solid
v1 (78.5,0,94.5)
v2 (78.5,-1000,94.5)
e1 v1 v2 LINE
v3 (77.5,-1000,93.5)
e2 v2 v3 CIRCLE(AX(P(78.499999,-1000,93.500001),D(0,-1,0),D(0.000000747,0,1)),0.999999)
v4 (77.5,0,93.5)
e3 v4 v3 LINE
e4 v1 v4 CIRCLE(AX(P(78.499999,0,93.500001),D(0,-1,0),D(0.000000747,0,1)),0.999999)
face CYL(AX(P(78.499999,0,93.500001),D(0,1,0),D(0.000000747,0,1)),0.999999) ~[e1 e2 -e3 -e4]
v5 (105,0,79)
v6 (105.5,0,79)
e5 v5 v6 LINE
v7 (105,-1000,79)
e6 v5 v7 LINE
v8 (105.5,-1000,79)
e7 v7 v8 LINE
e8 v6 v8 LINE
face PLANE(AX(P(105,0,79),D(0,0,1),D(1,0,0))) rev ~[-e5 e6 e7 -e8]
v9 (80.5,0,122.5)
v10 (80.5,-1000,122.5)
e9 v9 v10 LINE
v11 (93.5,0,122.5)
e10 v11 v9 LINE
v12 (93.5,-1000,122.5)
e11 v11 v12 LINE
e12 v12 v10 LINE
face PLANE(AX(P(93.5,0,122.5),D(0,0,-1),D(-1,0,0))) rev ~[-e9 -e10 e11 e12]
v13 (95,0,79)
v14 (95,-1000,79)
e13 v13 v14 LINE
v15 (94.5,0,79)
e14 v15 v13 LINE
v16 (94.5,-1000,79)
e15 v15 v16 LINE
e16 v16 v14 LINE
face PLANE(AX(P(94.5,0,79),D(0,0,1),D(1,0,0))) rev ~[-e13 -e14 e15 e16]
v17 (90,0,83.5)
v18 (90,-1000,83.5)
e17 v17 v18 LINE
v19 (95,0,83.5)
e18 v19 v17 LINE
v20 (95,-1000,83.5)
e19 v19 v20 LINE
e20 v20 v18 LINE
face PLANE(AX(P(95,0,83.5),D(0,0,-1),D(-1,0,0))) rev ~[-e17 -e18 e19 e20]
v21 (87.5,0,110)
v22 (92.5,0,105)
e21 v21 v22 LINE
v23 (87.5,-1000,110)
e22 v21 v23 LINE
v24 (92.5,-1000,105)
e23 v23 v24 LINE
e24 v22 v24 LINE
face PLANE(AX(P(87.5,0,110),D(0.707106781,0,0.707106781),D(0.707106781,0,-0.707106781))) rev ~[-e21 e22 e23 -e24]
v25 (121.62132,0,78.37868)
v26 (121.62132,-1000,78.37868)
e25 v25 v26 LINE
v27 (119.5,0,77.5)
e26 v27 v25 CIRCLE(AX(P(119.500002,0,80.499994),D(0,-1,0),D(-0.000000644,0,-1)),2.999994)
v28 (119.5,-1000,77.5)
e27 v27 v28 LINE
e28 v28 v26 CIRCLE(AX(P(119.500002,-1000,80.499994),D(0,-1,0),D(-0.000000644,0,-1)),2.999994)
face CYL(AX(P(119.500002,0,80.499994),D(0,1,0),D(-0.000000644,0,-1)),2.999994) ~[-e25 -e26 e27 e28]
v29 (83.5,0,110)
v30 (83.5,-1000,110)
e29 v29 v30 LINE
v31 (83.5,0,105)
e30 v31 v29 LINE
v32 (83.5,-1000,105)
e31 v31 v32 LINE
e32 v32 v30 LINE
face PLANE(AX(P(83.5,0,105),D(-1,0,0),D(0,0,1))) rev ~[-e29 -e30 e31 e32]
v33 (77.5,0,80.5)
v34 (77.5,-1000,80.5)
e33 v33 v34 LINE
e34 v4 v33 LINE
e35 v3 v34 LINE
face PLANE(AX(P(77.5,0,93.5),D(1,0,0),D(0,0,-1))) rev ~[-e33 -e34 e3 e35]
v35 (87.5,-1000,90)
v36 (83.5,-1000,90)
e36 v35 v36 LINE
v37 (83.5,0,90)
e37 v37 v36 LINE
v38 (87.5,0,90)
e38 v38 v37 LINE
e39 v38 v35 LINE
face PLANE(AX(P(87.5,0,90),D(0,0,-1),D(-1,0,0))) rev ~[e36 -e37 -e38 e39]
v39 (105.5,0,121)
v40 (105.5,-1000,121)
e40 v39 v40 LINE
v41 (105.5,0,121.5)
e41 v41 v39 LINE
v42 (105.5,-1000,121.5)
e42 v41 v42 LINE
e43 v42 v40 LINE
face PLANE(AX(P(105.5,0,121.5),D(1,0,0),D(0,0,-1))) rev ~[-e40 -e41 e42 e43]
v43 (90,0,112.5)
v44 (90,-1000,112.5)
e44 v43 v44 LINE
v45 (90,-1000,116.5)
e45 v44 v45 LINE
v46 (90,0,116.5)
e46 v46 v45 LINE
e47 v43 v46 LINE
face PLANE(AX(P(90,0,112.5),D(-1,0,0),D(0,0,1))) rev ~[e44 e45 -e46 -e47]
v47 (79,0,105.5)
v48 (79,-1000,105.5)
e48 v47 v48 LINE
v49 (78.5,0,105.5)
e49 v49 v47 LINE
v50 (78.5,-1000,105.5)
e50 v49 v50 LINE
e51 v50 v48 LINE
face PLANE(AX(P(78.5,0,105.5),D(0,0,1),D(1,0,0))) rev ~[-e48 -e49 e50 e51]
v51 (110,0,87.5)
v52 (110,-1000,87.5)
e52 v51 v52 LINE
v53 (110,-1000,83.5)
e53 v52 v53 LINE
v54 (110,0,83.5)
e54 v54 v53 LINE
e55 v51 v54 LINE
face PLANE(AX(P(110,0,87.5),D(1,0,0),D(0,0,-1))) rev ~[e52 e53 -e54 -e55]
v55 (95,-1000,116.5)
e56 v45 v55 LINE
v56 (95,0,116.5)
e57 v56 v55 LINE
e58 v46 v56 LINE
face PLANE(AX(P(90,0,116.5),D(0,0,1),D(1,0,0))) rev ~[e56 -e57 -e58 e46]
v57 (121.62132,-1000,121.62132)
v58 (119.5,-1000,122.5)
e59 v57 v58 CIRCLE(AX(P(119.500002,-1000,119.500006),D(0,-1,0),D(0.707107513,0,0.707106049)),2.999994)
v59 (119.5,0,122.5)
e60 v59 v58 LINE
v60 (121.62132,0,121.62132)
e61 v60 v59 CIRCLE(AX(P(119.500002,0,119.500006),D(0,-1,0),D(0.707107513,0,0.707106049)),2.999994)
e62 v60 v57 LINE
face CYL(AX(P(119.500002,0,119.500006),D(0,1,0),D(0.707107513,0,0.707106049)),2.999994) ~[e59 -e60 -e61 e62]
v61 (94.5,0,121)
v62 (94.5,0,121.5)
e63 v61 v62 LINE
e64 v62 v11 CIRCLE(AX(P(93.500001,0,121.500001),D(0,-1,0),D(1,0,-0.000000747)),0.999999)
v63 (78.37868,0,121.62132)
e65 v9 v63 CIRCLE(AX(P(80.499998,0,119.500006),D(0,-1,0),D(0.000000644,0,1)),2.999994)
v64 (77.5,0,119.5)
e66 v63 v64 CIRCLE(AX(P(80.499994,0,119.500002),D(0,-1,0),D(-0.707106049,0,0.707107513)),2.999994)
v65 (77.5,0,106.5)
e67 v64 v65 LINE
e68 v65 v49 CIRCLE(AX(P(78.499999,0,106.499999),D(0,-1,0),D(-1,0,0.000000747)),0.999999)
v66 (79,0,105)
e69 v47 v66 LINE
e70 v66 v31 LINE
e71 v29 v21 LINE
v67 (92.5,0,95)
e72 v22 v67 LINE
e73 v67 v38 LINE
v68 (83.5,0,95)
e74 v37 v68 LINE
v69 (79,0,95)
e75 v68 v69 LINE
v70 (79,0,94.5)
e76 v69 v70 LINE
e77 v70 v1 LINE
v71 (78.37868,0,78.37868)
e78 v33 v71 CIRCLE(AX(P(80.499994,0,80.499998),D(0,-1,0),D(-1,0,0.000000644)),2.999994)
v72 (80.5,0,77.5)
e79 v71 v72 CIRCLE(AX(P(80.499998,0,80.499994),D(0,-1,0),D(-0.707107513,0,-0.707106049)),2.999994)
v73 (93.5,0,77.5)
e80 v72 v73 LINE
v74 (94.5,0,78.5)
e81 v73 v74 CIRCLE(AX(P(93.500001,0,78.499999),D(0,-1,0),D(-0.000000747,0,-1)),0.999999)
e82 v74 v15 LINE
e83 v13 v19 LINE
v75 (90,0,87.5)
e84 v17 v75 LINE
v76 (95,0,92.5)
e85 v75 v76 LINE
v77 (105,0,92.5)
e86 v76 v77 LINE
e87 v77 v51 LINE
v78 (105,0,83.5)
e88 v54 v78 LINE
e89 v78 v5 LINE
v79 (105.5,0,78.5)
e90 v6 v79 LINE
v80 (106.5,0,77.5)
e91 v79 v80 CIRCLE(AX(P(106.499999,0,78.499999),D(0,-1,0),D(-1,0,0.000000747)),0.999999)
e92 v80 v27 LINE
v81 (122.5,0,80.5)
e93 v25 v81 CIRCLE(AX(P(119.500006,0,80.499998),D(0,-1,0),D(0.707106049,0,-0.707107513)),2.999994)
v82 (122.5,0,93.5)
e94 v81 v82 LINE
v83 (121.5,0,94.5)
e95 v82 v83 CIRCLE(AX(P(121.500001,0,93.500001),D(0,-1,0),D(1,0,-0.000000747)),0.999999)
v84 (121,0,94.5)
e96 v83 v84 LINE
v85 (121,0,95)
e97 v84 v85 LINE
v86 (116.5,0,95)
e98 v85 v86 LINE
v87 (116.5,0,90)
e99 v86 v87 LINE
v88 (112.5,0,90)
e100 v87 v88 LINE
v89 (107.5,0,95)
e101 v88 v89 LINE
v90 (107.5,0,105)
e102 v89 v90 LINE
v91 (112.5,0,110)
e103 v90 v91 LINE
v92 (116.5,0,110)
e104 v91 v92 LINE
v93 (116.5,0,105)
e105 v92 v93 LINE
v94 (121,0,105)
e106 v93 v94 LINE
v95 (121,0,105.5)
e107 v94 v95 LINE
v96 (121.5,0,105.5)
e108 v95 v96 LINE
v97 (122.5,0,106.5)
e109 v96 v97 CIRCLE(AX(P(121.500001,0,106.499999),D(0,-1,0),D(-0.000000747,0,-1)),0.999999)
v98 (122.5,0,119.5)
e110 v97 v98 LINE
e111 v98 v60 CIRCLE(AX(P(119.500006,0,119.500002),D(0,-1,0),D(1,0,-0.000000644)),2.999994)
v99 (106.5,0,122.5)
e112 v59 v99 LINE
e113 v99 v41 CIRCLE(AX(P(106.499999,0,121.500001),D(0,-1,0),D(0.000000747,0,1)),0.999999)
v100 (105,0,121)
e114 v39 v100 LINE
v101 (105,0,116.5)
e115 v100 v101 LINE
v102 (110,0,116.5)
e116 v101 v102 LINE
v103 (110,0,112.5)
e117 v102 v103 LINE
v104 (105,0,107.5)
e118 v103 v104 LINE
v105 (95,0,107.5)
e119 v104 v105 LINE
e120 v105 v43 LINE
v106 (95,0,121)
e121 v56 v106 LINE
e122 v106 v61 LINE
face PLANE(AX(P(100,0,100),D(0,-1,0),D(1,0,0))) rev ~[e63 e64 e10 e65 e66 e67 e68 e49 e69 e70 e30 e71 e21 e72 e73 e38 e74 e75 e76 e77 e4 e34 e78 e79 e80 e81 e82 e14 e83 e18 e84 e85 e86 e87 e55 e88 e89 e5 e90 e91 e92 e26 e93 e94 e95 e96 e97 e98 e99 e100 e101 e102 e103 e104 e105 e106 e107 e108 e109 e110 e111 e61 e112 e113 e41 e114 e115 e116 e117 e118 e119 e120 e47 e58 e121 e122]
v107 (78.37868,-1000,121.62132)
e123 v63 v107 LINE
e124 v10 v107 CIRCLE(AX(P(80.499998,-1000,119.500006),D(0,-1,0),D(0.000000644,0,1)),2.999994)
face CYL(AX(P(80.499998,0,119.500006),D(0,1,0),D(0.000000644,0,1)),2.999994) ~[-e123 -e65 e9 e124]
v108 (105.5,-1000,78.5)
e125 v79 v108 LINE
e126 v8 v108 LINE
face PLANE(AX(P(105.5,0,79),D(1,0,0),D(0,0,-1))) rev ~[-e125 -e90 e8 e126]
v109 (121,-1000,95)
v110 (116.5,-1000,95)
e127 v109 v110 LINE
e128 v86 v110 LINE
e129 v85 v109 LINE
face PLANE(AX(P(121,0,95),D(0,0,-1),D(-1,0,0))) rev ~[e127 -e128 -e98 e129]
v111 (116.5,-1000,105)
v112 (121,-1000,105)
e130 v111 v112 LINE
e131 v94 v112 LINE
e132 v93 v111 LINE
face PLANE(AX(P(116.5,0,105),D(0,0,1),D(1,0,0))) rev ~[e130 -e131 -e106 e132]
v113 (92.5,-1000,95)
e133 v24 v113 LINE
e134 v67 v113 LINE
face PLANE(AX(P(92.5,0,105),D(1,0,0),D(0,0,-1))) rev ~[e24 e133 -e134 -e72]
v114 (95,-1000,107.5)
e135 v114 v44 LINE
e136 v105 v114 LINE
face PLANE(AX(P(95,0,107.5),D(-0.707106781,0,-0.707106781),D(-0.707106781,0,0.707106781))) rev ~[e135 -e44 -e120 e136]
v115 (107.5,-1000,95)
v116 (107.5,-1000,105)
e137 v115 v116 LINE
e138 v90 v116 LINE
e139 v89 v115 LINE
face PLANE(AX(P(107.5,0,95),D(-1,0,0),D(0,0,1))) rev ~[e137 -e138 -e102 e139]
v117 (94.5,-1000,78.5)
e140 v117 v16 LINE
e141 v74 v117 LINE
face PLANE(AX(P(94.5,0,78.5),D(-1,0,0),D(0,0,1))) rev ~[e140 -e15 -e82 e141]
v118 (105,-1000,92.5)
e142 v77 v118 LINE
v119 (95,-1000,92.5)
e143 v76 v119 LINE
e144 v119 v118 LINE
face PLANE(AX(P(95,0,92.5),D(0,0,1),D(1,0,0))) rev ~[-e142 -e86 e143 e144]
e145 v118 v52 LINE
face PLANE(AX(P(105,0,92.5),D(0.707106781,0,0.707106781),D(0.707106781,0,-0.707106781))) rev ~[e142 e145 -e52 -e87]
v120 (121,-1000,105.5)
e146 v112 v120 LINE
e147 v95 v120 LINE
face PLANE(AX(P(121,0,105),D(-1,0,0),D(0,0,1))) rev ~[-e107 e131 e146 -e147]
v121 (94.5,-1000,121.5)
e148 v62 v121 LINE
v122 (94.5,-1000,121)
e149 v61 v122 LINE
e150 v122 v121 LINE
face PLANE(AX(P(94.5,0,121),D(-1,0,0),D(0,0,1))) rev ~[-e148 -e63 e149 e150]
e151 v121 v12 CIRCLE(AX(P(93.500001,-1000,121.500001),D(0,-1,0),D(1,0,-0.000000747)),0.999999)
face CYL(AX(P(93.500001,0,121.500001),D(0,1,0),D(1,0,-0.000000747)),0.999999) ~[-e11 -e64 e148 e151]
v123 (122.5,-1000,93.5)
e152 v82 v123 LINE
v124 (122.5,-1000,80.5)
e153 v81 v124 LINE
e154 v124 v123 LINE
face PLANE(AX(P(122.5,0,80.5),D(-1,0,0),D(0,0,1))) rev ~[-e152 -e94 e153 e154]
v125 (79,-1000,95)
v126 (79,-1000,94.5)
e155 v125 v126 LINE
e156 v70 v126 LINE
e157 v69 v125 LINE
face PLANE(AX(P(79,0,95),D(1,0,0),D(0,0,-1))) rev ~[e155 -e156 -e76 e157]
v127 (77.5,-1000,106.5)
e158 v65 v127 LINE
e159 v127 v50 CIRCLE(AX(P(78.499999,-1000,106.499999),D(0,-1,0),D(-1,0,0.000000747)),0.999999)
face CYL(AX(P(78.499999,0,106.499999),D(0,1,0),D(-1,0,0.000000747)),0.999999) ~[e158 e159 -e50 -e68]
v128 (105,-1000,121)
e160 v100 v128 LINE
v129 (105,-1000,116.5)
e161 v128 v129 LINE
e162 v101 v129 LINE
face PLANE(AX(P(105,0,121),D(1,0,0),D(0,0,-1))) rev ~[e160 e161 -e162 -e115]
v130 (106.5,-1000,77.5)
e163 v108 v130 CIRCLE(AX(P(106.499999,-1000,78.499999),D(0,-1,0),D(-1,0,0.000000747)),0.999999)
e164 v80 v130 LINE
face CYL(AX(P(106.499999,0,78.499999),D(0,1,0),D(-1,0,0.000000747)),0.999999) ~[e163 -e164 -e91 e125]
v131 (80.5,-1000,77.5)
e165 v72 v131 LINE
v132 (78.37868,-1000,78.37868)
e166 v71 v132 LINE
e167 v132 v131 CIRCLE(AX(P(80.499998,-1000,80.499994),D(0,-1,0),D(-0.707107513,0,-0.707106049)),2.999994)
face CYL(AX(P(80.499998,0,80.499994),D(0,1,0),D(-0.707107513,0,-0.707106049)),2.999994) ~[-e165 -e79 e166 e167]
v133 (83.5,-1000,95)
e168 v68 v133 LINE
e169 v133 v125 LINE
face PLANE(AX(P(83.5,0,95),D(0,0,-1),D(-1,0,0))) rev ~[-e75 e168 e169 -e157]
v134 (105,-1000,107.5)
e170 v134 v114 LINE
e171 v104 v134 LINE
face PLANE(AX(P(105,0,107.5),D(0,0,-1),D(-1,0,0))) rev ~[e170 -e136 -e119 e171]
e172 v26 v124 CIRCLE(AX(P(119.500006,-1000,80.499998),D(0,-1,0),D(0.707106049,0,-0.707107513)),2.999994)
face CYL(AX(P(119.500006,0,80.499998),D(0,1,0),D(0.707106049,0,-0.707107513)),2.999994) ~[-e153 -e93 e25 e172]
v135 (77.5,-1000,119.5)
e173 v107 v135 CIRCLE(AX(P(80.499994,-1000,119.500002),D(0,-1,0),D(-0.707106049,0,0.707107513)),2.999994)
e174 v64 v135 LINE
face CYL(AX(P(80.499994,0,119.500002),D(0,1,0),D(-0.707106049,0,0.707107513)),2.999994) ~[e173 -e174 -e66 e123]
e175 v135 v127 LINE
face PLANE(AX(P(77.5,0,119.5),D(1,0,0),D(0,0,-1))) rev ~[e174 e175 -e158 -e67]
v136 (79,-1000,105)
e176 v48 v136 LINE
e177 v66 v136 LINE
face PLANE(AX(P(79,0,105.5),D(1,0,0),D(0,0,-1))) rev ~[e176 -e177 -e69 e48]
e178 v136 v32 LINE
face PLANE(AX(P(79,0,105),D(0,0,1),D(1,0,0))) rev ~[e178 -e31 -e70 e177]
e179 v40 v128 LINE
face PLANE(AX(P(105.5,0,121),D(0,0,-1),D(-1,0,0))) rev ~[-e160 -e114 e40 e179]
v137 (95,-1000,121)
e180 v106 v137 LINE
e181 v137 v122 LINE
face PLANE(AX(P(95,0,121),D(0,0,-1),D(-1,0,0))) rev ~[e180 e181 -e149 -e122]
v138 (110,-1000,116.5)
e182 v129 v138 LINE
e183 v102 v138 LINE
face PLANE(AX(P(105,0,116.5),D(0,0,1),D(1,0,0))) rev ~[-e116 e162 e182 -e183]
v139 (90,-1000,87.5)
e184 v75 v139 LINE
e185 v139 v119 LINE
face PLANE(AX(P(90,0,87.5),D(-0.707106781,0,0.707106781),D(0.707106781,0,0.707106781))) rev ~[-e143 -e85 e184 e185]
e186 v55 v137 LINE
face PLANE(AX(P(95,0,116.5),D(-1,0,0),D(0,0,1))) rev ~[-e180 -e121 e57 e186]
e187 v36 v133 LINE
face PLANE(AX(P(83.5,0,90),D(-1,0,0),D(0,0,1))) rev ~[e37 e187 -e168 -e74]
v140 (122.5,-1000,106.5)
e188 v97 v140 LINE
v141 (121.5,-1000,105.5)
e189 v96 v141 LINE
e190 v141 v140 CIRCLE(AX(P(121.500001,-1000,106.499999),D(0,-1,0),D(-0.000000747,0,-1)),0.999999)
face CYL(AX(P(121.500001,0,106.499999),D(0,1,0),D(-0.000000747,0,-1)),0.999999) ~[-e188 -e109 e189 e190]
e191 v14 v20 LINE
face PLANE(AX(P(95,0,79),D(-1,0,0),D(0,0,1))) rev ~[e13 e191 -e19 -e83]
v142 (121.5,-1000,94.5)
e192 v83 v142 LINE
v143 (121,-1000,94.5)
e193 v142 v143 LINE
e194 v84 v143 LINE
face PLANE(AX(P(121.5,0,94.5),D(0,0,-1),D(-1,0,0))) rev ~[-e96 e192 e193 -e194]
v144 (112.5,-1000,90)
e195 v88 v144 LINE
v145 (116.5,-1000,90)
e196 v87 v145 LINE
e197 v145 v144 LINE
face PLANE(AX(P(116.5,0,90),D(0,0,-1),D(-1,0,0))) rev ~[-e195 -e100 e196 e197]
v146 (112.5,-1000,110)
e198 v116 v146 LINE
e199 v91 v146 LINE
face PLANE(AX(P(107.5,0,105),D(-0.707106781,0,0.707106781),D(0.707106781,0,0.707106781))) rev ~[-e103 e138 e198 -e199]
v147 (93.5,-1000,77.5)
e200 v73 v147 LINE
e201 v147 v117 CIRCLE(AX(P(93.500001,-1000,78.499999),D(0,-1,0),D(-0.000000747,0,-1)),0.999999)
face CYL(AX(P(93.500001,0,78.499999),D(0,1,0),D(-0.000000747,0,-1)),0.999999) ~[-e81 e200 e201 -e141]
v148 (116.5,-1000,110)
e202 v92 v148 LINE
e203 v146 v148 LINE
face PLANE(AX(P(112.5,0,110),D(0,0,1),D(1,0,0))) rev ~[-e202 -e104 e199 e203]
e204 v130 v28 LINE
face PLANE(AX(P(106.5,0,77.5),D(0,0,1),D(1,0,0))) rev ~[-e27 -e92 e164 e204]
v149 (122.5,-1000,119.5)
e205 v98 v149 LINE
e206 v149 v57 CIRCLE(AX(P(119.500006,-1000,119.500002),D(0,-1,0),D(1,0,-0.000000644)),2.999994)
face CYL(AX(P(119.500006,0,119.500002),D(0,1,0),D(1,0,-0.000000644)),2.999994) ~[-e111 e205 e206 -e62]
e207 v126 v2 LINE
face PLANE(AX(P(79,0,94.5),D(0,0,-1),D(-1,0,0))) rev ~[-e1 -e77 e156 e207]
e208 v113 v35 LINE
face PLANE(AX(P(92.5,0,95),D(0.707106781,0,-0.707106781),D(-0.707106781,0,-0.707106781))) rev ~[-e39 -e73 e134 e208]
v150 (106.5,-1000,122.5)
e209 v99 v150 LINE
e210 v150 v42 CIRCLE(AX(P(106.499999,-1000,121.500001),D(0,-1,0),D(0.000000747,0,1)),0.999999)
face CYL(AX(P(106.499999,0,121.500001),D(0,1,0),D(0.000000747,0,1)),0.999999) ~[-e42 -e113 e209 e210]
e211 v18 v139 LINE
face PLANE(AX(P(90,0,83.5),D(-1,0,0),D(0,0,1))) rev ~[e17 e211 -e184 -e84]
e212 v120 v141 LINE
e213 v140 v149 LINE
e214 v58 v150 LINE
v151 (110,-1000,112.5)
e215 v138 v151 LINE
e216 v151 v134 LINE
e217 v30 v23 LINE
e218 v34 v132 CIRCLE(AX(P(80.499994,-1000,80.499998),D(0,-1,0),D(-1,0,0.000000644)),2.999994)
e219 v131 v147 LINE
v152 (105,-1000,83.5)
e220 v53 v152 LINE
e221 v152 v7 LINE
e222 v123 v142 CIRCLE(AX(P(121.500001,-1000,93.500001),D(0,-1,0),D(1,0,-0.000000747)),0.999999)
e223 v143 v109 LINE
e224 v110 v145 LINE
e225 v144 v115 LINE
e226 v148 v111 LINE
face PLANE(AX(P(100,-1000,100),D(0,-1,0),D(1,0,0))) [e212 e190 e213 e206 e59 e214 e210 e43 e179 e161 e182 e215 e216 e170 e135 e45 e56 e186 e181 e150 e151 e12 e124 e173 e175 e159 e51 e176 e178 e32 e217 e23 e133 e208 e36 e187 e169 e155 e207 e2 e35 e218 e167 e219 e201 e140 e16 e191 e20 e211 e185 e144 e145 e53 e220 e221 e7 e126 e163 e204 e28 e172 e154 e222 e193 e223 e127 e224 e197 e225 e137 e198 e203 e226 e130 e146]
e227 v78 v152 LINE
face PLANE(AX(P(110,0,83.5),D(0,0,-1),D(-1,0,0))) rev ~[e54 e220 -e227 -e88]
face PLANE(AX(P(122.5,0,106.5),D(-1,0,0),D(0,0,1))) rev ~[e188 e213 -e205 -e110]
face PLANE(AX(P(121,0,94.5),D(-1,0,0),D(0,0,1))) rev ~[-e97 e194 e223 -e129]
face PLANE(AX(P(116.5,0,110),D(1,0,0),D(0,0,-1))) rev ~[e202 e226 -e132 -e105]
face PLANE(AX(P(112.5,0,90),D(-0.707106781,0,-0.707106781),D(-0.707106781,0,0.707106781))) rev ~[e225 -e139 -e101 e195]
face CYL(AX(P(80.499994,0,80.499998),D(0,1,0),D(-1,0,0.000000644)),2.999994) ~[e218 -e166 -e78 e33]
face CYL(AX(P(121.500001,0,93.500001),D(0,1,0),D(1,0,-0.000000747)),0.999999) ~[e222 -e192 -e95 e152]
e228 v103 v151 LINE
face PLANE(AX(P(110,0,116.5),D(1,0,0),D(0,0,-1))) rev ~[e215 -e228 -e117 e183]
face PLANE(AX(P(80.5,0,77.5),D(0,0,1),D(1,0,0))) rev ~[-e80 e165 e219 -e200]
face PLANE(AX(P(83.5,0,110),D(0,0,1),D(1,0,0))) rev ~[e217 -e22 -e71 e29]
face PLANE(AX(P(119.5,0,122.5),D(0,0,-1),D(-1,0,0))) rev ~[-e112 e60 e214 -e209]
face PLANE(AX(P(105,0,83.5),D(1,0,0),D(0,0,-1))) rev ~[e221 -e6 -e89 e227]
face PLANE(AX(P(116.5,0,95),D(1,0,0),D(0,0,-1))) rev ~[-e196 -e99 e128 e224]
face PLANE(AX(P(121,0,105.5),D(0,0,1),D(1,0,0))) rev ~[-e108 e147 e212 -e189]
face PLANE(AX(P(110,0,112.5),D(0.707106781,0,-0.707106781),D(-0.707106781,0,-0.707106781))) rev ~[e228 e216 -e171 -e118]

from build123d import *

# Parameters (mm, degrees)
F1_DEPTH = 1000


with BuildPart() as f1:
    # F0 (on Front) → F1 (new body)
    with BuildSketch(Plane.XZ):
        with BuildLine():
            Line((93.5, 122.5), (80.5, 122.5))
            ThreePointArc((80.5, 122.5), (79.35195, 122.271639), (78.37868, 121.62132))
            ThreePointArc((78.37868, 121.62132), (77.728361, 120.64805), (77.5, 119.5))
            Line((77.5, 119.5), (77.5, 106.5))
            ThreePointArc((77.5, 106.5), (77.792893, 105.792893), (78.5, 105.5))
            Line((78.5, 105.5), (79, 105.5))
            Line((79, 105.5), (79, 105))
            Line((79, 105), (83.5, 105))
            Line((83.5, 105), (83.5, 110))
            Line((83.5, 110), (87.5, 110))
            Line((87.5, 110), (92.5, 105))
            Line((92.5, 105), (92.5, 100))
            Line((92.5, 100), (92.5, 95))
            Line((92.5, 95), (87.5, 90))
            Line((87.5, 90), (83.5, 90))
            Line((83.5, 90), (83.5, 95))
            Line((83.5, 95), (79, 95))
            Line((79, 95), (79, 94.5))
            Line((79, 94.5), (78.5, 94.5))
            ThreePointArc((78.5, 94.5), (77.792893, 94.207107), (77.5, 93.5))
            Line((77.5, 93.5), (77.5, 80.5))
            ThreePointArc((77.5, 80.5), (77.728361, 79.35195), (78.37868, 78.37868))
            ThreePointArc((78.37868, 78.37868), (79.35195, 77.728361), (80.5, 77.5))
            Line((80.5, 77.5), (93.5, 77.5))
            ThreePointArc((93.5, 77.5), (94.207107, 77.792893), (94.5, 78.5))
            Line((94.5, 78.5), (94.5, 79))
            Line((94.5, 79), (95, 79))
            Line((95, 79), (95, 83.5))
            Line((95, 83.5), (90, 83.5))
            Line((90, 83.5), (90, 87.5))
            Line((90, 87.5), (95, 92.5))
            Line((95, 92.5), (100, 92.5))
            Line((100, 92.5), (105, 92.5))
            Line((105, 92.5), (110, 87.5))
            Line((110, 87.5), (110, 83.5))
            Line((110, 83.5), (105, 83.5))
            Line((105, 83.5), (105, 79))
            Line((105, 79), (105.5, 79))
            Line((105.5, 79), (105.5, 78.5))
            ThreePointArc((105.5, 78.5), (105.792893, 77.792893), (106.5, 77.5))
            Line((106.5, 77.5), (119.5, 77.5))
            ThreePointArc((119.5, 77.5), (120.64805, 77.728361), (121.62132, 78.37868))
            ThreePointArc((121.62132, 78.37868), (122.271639, 79.35195), (122.5, 80.5))
            Line((122.5, 80.5), (122.5, 93.5))
            ThreePointArc((122.5, 93.5), (122.207107, 94.207107), (121.5, 94.5))
            Line((121.5, 94.5), (121, 94.5))
            Line((121, 94.5), (121, 95))
            Line((121, 95), (116.5, 95))
            Line((116.5, 95), (116.5, 90))
            Line((116.5, 90), (112.5, 90))
            Line((112.5, 90), (107.5, 95))
            Line((107.5, 95), (107.5, 100))
            Line((107.5, 100), (107.5, 105))
            Line((107.5, 105), (112.5, 110))
            Line((112.5, 110), (116.5, 110))
            Line((116.5, 110), (116.5, 105))
            Line((116.5, 105), (121, 105))
            Line((121, 105), (121, 105.5))
            Line((121, 105.5), (121.5, 105.5))
            ThreePointArc((121.5, 105.5), (122.207107, 105.792893), (122.5, 106.5))
            Line((122.5, 106.5), (122.5, 119.5))
            ThreePointArc((122.5, 119.5), (122.271639, 120.64805), (121.62132, 121.62132))
            ThreePointArc((121.62132, 121.62132), (120.64805, 122.271639), (119.5, 122.5))
            Line((119.5, 122.5), (106.5, 122.5))
            ThreePointArc((106.5, 122.5), (105.792893, 122.207107), (105.5, 121.5))
            Line((105.5, 121.5), (105.5, 121))
            Line((105.5, 121), (105, 121))
            Line((105, 121), (105, 116.5))
            Line((105, 116.5), (110, 116.5))
            Line((110, 116.5), (110, 112.5))
            Line((110, 112.5), (105, 107.5))
            Line((105, 107.5), (100, 107.5))
            Line((100, 107.5), (95, 107.5))
            Line((95, 107.5), (90, 112.5))
            Line((90, 112.5), (90, 116.5))
            Line((90, 116.5), (95, 116.5))
            Line((95, 116.5), (95, 121))
            Line((95, 121), (94.5, 121))
            Line((94.5, 121), (94.5, 121.5))
            ThreePointArc((94.5, 121.5), (94.207107, 122.207107), (93.5, 122.5))
        make_face()
    extrude(amount=F1_DEPTH)


solid = f1.part
